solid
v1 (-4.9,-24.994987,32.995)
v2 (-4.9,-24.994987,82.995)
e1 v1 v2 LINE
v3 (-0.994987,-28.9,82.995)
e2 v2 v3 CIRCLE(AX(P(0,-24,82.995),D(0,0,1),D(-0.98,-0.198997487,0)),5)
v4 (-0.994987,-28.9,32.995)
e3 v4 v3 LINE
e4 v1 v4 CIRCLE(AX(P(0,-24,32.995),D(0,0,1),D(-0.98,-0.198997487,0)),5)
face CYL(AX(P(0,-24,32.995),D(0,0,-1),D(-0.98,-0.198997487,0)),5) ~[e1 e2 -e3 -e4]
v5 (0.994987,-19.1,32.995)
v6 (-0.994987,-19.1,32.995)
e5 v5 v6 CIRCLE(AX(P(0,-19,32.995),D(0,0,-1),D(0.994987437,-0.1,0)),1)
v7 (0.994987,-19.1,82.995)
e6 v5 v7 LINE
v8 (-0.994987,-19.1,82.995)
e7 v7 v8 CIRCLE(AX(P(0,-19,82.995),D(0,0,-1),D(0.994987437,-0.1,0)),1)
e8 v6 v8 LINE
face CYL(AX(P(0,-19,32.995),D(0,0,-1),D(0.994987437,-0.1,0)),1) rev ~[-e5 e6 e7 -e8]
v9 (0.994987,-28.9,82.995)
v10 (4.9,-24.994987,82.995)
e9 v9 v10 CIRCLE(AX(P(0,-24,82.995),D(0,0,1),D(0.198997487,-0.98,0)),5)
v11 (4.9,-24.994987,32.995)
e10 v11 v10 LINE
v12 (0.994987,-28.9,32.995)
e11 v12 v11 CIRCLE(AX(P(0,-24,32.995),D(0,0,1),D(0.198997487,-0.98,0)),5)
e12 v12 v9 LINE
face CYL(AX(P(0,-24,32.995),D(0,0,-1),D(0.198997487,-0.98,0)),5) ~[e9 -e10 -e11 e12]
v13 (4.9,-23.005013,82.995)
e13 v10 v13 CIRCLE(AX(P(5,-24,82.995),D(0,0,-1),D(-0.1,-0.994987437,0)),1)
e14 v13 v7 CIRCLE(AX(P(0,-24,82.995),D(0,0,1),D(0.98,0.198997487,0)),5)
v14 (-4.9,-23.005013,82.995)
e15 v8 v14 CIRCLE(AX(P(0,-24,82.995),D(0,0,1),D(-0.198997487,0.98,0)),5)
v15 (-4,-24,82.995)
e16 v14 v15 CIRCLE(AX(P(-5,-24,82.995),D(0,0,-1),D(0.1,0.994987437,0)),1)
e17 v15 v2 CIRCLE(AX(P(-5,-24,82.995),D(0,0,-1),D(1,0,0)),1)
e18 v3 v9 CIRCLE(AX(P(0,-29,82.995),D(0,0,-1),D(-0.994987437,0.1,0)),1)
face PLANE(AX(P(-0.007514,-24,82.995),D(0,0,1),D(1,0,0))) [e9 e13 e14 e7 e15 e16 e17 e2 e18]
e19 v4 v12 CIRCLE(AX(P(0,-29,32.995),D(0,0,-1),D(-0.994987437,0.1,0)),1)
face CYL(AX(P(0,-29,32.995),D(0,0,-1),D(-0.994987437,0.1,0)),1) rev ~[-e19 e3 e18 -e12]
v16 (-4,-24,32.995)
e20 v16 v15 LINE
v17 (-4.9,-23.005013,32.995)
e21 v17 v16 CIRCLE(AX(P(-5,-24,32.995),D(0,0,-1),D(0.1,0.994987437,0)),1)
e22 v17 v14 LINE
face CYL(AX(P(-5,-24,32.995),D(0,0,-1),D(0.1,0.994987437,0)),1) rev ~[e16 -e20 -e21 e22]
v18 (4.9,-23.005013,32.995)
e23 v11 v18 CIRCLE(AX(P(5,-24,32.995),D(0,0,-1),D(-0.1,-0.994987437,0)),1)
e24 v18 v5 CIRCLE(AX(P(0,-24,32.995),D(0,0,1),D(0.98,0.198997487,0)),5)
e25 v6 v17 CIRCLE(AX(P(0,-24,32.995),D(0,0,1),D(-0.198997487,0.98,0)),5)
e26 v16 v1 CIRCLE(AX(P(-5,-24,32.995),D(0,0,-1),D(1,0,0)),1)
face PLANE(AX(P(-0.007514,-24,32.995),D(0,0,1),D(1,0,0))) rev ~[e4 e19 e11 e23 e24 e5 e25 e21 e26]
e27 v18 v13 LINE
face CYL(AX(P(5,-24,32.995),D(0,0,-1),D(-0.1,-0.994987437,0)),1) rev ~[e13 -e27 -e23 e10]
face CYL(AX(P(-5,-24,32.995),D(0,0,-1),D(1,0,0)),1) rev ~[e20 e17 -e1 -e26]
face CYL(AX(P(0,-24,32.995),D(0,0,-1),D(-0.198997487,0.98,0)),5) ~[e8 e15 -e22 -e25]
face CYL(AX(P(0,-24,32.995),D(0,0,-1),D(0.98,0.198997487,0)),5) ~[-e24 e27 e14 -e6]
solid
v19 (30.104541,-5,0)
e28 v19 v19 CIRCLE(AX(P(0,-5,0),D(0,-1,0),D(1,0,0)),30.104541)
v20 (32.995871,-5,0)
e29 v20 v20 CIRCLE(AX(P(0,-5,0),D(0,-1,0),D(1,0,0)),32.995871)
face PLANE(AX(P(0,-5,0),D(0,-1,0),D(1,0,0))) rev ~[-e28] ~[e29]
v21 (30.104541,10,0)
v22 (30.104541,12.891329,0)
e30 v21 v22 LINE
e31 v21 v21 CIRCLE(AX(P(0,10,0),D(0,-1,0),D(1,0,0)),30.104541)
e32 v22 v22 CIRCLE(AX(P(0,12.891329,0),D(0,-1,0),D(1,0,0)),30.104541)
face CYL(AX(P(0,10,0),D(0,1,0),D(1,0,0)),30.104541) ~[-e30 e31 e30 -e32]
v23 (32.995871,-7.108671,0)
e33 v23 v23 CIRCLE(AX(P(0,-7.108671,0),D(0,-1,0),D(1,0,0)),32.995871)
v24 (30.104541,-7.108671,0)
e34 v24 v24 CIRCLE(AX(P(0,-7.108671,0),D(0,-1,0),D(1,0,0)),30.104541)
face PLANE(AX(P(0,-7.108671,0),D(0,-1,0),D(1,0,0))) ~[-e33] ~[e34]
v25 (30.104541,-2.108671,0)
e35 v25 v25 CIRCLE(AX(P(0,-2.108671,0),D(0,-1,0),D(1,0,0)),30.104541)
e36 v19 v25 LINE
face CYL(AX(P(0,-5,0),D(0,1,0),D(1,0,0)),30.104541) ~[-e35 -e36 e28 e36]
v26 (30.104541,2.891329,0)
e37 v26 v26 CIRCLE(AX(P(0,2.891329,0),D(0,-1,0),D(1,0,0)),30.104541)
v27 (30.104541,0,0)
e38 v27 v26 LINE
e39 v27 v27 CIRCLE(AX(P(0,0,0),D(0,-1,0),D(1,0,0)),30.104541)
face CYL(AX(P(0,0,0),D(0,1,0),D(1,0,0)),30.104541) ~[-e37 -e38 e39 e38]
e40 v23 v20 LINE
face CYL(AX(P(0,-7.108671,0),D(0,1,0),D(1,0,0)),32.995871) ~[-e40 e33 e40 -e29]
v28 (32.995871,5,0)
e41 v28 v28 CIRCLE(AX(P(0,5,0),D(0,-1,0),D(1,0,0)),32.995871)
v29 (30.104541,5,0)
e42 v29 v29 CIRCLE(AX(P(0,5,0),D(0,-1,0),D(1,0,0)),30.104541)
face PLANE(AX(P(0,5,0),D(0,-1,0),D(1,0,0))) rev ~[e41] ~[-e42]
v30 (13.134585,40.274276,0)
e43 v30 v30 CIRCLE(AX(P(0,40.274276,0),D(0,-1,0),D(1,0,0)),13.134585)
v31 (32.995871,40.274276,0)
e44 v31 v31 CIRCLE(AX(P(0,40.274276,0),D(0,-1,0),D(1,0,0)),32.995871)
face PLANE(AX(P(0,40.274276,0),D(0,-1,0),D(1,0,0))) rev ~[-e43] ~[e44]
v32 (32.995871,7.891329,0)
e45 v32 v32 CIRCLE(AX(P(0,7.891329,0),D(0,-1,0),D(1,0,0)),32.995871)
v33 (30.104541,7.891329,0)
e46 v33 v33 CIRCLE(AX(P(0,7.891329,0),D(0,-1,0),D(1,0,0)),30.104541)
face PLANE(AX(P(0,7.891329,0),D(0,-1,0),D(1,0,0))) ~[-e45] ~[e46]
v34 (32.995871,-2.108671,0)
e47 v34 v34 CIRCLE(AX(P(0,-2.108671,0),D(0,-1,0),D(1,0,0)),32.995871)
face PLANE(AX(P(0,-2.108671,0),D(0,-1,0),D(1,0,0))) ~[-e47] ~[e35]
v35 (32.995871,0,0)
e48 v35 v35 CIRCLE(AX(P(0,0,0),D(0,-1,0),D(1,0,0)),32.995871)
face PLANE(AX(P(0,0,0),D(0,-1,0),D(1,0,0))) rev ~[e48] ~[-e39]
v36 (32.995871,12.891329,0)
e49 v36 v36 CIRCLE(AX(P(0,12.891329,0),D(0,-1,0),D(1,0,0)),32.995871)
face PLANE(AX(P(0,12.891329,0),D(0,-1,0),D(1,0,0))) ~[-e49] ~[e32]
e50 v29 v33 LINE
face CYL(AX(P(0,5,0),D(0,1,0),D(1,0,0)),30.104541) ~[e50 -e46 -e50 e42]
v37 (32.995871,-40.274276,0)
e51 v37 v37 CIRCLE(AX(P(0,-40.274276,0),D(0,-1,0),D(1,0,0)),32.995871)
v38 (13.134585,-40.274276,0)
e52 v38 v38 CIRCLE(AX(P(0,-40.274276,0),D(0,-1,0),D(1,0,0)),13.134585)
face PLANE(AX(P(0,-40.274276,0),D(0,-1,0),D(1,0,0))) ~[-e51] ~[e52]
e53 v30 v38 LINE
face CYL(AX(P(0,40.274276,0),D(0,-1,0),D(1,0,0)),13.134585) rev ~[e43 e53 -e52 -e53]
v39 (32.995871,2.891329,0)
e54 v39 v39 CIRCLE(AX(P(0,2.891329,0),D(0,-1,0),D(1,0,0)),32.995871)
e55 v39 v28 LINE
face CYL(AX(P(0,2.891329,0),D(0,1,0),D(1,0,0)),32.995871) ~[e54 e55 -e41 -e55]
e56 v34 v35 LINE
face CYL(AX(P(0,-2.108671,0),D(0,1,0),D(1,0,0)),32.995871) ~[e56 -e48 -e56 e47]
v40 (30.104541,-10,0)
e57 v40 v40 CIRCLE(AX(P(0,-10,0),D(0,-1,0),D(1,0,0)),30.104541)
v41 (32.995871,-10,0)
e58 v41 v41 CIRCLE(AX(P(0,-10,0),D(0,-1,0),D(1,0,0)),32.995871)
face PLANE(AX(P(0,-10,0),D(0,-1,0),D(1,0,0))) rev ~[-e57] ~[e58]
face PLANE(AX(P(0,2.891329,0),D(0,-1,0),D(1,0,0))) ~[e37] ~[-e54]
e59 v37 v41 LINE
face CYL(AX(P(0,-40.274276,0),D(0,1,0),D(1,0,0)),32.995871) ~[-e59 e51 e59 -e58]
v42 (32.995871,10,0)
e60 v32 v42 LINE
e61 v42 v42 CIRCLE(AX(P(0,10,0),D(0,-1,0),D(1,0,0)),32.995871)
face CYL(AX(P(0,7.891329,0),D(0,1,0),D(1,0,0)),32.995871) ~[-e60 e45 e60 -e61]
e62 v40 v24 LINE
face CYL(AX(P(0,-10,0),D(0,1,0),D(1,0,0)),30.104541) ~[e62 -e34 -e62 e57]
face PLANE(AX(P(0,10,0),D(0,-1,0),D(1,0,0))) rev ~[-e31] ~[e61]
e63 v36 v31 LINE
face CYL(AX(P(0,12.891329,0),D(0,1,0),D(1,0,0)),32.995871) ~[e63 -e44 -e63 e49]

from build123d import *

# Parameters (mm, degrees)
F4_DEPTH = 50


with BuildPart() as f1:
    # F0 (on Top) → F1 (revolve)
    with BuildSketch(Plane.XY):
        Polygon((32.9958705818, 40.2742755358), (13.1345845242, 40.2742755358), (13.1345845242, -40.2742755358), (32.9958705818, -40.2742755358), (32.9958705818, -10), (30.1045414905, -10), (30.1045414905, -7.1086709088), (32.9958705818, -7.1086709088), (32.9958705818, -5), (30.1045414905, -5), (30.1045414905, -2.1086709088), (32.9958705818, -2.1086709088), (32.9958705818, 0), (30.1045414905, 0), (30.1045414905, 2.8913290912), (32.9958705818, 2.8913290912), (32.9958705818, 5), (30.1045414905, 5), (30.1045414905, 7.8913290912), (32.9958705818, 7.8913290912), (32.9958705818, 10), (30.1045414905, 10), (30.1045414905, 12.8913290912), (32.9958705818, 12.8913290912), align=None)
    revolve(axis=Axis((0, -1.4844276011, 0), (0, -1, 0)))


with BuildPart() as f4:
    # F3 (on offset) → F4 (new body)
    with BuildSketch(Plane.XY.offset(32.995)):
        with BuildLine():
            ThreePointArc((4.9, -24.9949874371), (4, -24), (4.9, -23.0050125629))
            ThreePointArc((4.9, -23.0050125629), (3.5355339059, -20.4644660941), (0.9949874371, -19.1))
            ThreePointArc((0.9949874371, -19.1), (0, -20), (-0.9949874371, -19.1))
            ThreePointArc((-0.9949874371, -19.1), (-3.5355339059, -20.4644660941), (-4.9, -23.0050125629))
            ThreePointArc((-4.9, -23.0050125629), (-4.2583801513, -23.3291796068), (-4, -24))
            ThreePointArc((-4, -24), (-4.2583801513, -24.6708203932), (-4.9, -24.9949874371))
            ThreePointArc((-4.9, -24.9949874371), (-3.5355339059, -27.5355339059), (-0.9949874371, -28.9))
            ThreePointArc((-0.9949874371, -28.9), (0, -28), (0.9949874371, -28.9))
            ThreePointArc((0.9949874371, -28.9), (3.5355339059, -27.5355339059), (4.9, -24.9949874371))
        make_face()
    extrude(amount=F4_DEPTH)


solid = Compound([f1.part, f4.part])
